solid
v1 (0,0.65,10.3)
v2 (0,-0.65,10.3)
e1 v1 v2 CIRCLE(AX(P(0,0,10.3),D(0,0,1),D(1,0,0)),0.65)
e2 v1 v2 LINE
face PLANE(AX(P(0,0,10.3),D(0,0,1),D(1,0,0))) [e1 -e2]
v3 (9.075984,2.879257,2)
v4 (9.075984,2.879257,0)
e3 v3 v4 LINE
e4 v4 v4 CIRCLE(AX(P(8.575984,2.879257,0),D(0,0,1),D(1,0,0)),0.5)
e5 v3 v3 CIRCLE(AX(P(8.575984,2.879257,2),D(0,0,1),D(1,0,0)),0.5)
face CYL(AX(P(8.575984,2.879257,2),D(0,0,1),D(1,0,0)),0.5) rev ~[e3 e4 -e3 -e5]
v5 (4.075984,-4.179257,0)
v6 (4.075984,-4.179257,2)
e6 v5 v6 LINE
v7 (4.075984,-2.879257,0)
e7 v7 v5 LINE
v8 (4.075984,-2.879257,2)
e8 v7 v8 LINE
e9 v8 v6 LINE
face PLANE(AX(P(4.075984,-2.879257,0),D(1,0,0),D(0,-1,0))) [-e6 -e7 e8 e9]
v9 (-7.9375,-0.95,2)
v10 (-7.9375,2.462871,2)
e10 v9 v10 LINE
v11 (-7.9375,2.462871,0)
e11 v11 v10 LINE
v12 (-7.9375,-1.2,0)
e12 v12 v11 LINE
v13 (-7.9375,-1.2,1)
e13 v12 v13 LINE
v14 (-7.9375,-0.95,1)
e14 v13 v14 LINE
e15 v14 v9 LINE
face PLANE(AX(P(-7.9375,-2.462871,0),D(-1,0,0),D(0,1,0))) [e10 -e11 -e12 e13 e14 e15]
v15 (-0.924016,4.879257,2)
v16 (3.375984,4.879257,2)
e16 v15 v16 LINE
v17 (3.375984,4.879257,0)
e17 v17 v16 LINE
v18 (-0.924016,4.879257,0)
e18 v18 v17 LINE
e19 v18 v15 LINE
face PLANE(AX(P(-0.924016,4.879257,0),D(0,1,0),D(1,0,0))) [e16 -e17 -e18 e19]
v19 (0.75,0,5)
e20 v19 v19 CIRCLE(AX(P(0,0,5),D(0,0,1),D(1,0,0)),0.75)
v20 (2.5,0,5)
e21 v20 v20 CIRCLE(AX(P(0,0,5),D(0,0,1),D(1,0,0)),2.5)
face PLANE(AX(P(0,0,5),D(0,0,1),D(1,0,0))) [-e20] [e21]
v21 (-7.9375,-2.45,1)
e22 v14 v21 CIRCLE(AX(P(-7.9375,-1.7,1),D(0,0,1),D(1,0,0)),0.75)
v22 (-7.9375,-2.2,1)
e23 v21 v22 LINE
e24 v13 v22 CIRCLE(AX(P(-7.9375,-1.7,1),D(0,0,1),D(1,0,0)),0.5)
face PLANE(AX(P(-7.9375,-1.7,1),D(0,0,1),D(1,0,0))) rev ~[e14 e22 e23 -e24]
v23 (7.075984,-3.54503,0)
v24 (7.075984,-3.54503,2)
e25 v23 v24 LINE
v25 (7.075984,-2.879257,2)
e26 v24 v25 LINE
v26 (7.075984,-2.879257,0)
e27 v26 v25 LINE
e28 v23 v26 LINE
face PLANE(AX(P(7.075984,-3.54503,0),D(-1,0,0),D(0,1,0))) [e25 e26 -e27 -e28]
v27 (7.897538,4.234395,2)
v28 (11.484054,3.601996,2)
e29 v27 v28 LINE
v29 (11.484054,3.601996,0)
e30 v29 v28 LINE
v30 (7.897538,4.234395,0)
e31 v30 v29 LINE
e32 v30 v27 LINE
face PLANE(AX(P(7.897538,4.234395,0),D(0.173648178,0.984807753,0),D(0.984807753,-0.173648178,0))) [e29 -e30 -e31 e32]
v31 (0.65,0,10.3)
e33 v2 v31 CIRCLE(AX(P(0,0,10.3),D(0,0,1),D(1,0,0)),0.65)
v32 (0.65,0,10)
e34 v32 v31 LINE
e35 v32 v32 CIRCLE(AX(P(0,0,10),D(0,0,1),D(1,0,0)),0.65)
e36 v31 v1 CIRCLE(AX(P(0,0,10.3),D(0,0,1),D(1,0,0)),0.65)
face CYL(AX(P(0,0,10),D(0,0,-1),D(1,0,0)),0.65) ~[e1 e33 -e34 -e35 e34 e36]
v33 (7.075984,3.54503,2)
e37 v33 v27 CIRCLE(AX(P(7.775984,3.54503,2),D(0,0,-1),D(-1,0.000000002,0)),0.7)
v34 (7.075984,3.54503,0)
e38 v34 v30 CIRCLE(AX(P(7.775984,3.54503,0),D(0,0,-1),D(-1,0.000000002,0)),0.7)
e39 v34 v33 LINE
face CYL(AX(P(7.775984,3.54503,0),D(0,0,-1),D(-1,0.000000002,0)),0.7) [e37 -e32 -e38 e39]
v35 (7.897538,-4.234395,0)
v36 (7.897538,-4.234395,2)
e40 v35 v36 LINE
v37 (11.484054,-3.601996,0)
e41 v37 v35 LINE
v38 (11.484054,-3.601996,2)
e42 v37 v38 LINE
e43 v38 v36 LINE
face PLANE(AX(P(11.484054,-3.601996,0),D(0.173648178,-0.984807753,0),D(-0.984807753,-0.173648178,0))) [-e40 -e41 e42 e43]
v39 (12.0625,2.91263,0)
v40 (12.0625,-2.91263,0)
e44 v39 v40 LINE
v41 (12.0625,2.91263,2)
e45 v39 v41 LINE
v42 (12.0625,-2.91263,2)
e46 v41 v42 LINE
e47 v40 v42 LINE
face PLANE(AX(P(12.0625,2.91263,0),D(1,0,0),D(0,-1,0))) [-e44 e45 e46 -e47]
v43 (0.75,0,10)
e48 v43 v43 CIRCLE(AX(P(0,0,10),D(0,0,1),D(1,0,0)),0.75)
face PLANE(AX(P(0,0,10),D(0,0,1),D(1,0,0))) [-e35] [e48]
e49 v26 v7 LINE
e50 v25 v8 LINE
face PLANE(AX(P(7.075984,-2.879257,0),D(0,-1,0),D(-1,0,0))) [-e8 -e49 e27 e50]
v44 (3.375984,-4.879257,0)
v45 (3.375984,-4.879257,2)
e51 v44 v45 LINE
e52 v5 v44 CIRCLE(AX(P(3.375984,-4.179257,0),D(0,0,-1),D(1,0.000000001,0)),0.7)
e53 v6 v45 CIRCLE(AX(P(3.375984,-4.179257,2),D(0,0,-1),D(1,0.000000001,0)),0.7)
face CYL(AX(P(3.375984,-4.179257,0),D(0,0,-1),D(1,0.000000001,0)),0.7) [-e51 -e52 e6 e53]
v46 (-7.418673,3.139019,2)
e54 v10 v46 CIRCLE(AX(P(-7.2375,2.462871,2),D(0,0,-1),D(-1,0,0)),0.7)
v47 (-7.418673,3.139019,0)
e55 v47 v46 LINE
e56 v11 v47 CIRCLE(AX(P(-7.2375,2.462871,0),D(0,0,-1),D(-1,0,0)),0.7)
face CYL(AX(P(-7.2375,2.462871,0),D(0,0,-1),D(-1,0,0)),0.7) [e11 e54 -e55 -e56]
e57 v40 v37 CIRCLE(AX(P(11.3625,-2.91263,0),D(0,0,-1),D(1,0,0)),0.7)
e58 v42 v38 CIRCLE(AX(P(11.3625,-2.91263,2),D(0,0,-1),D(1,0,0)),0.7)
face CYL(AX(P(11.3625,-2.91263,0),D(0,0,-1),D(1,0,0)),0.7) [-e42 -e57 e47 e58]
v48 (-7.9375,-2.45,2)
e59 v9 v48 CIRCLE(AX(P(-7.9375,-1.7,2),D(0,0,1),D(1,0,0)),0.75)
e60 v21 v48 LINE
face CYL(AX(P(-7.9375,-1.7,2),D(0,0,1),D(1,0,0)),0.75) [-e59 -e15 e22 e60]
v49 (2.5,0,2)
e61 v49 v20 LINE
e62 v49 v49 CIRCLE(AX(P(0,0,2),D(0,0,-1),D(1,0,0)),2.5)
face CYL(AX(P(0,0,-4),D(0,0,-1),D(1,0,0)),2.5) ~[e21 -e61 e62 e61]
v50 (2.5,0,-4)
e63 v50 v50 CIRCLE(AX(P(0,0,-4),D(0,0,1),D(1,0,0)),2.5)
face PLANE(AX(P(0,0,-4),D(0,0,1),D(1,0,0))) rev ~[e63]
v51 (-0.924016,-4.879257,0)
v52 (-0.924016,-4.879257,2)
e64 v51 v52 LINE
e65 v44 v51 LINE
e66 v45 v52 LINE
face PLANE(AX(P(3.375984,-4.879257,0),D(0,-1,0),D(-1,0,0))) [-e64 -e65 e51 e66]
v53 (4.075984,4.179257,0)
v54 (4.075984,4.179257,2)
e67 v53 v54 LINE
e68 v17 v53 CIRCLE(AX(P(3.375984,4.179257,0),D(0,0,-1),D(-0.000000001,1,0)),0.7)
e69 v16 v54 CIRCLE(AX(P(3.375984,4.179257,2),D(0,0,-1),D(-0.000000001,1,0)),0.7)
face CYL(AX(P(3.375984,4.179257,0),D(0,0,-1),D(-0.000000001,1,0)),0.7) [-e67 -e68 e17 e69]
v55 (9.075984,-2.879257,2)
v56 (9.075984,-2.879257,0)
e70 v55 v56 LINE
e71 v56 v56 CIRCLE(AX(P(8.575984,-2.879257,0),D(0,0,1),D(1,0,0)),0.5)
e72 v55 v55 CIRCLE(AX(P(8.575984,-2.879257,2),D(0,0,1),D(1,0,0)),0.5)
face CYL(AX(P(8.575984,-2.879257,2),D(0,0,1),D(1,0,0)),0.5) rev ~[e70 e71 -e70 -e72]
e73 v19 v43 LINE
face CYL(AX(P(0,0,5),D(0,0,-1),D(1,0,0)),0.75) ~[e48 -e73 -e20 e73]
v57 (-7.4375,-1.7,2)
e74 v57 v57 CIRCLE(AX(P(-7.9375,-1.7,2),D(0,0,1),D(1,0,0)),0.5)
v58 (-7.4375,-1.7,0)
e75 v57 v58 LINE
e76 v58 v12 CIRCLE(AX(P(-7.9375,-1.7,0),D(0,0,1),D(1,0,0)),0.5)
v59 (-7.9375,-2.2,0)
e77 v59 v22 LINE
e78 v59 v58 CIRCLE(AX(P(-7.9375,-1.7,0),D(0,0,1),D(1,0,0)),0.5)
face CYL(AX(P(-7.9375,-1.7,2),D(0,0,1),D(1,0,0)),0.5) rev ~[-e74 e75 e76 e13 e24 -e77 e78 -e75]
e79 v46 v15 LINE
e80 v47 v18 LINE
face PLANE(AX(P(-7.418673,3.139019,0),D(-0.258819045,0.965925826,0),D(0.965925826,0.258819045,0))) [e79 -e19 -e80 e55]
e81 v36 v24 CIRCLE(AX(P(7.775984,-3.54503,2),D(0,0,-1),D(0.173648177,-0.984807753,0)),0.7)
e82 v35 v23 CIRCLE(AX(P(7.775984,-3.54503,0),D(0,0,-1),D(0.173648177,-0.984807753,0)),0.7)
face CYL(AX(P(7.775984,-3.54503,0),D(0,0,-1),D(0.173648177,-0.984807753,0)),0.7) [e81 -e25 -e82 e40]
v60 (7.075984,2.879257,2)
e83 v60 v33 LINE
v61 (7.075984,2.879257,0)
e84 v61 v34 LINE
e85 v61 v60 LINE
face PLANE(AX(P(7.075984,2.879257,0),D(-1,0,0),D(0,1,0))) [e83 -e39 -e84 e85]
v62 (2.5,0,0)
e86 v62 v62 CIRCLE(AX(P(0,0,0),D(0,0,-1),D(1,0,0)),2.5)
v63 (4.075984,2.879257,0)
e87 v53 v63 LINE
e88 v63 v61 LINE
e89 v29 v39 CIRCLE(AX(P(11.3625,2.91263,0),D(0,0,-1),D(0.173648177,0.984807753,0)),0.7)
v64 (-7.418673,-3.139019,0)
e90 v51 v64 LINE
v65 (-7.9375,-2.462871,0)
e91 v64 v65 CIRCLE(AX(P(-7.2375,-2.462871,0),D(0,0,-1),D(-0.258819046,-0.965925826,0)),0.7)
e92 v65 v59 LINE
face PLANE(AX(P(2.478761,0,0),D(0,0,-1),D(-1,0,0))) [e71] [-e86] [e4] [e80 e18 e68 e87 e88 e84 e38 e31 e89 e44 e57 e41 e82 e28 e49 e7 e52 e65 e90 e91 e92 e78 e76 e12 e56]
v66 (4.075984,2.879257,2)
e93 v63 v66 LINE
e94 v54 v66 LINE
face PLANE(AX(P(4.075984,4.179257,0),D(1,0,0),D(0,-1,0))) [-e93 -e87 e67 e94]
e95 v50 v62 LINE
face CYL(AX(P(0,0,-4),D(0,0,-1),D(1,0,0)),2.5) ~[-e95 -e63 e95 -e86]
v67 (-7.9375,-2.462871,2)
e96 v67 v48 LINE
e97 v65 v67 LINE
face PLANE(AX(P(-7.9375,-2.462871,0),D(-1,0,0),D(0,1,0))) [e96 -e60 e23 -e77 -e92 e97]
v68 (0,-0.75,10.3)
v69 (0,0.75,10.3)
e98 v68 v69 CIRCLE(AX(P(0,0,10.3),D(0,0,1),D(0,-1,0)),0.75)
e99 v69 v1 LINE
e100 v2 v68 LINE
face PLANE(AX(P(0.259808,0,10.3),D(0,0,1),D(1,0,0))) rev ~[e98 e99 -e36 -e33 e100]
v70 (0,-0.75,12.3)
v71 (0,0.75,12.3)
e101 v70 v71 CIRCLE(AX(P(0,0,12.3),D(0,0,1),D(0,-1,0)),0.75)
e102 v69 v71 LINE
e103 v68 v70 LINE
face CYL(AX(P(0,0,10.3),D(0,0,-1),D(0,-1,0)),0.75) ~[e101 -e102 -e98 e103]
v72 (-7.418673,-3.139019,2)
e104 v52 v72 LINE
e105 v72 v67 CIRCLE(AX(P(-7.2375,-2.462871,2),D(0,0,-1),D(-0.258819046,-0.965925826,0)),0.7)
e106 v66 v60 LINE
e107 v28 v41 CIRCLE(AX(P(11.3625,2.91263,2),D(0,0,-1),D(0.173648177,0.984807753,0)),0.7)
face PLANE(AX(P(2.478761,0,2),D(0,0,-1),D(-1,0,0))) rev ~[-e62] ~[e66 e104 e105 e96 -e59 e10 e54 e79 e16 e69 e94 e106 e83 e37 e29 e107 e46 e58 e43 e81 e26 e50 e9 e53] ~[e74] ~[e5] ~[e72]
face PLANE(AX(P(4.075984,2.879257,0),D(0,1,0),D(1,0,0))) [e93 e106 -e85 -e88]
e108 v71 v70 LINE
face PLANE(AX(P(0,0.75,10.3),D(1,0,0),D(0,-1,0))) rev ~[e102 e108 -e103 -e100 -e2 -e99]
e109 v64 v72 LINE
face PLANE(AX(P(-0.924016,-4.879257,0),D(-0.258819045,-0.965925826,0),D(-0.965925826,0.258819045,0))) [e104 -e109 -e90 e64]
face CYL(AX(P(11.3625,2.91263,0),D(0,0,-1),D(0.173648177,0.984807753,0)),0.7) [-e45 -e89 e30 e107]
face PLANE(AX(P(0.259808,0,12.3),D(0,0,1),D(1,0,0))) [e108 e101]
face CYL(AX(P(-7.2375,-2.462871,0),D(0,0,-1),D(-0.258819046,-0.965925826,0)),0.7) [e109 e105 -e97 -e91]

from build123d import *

# Parameters (mm, degrees)
BOSS_EXTRUDE1_DEPTH      = 2
SKETCH3_R                = 0.5
CUT_EXTRUDE1_DEPTH       = 2
SKETCH4_R                = 0.75
BOSS_EXTRUDE2_DEPTH      = 1
SKETCH5_R                = 0.5
CUT_EXTRUDE2_DEPTH       = 2
BOSS_EXTRUDE3_DEPTH      = 3
BOSS_EXTRUDE3_DEPTH_BACK = 6
SKETCH6_R                = 2.5
SKETCH7_R                = 0.75
BOSS_EXTRUDE4_DEPTH      = 5
SKETCH9_R                = 0.65
BOSS_EXTRUDE5_DEPTH      = 0.3
BOSS_EXTRUDE6_DEPTH      = 2


with BuildPart() as part:
    # Sketch2 → Boss-Extrude1 (new body)
    with BuildSketch(Plane.XY):
        with BuildLine():
            Line((-7.9375, -2.462871108), (-7.9375, 2.462871108))
            ThreePointArc((-7.9375, 2.462871108), (-7.792847338, 2.889004109), (-7.418673332, 3.139019187))
            Line((-7.418673332, 3.139019187), (-0.924016143, 4.879257336))
            Line((-0.924016143, 4.879257336), (3.375983857, 4.879257336))
            ThreePointArc((3.375983857, 4.879257336), (3.870958604, 4.674232083), (4.075983857, 4.179257336))
            Line((4.075983857, 4.179257336), (4.075983857, 2.879257336))
            Line((4.075983857, 2.879257336), (7.075983857, 2.879257336))
            Line((7.075983857, 2.879257336), (7.075983857, 3.545029821))
            ThreePointArc((7.075983857, 3.545029821), (7.326032531, 4.081260931), (7.897537582, 4.234395248))
            Line((7.897537582, 4.234395248), (11.484053724, 3.601995685))
            ThreePointArc((11.484053724, 3.601995685), (11.89873111, 3.362581585), (12.0625, 2.912630258))
            Line((12.0625, 2.912630258), (12.0625, -2.912630258))
            ThreePointArc((12.0625, -2.912630258), (11.89873111, -3.362581585), (11.484053724, -3.601995685))
            Line((11.484053724, -3.601995685), (7.897537582, -4.234395248))
            ThreePointArc((7.897537582, -4.234395248), (7.326032531, -4.081260931), (7.075983857, -3.545029821))
            Line((7.075983857, -3.545029821), (7.075983857, -2.879257336))
            Line((7.075983857, -2.879257336), (4.075983857, -2.879257336))
            Line((4.075983857, -2.879257336), (4.075983857, -4.179257336))
            ThreePointArc((4.075983857, -4.179257336), (3.870958604, -4.674232083), (3.375983857, -4.879257336))
            Line((3.375983857, -4.879257336), (-0.924016143, -4.879257336))
            Line((-0.924016143, -4.879257336), (-7.418673332, -3.139019187))
            ThreePointArc((-7.418673332, -3.139019187), (-7.792847338, -2.889004109), (-7.9375, -2.462871108))
        make_face()
    extrude(amount=BOSS_EXTRUDE1_DEPTH)

    # Sketch3 → Cut-Extrude1 (cut)
    with BuildSketch(Plane.XY.offset(2)):
        with Locations((8.575983857, 2.879257336)):
            Circle(SKETCH3_R)
        with Locations((8.575983857, -2.879257336)):
            Circle(SKETCH3_R)
    extrude(amount=-CUT_EXTRUDE1_DEPTH, mode=Mode.SUBTRACT)

    # Sketch4 → Boss-Extrude2 (add)
    with BuildSketch(Plane.XY.offset(2)):
        with Locations((-7.9375, -1.7)):
            Circle(SKETCH4_R)
    extrude(amount=-BOSS_EXTRUDE2_DEPTH)

    # Sketch5 → Cut-Extrude2 (cut)
    with BuildSketch(Plane.XY.offset(2)):
        with Locations((-7.9375, -1.7)):
            Circle(SKETCH5_R)
    extrude(amount=-CUT_EXTRUDE2_DEPTH, mode=Mode.SUBTRACT)

    # Sketch6 → Boss-Extrude3 (add, two sides: drawn at the far end of the back side and taken through both)
    with BuildSketch(Plane.XY.offset(2).offset(-BOSS_EXTRUDE3_DEPTH_BACK)):
        Circle(SKETCH6_R)
    extrude(amount=BOSS_EXTRUDE3_DEPTH + BOSS_EXTRUDE3_DEPTH_BACK)

    # Sketch7 → Boss-Extrude4 (add)
    with BuildSketch(Plane.XY.offset(5)):
        Circle(SKETCH7_R)
    extrude(amount=BOSS_EXTRUDE4_DEPTH)

    # Sketch9 → Boss-Extrude5 (add)
    with BuildSketch(Plane.XY.offset(10)):
        Circle(SKETCH9_R)
    extrude(amount=BOSS_EXTRUDE5_DEPTH)

    # Sketch10 → Boss-Extrude6 (add)
    with BuildSketch(Plane.XY.offset(10.3)):
        with BuildLine():
            Line((0, 0.75), (0, -0.75))
            ThreePointArc((0, -0.75), (0.75, 0), (0, 0.75))
        make_face()
    extrude(amount=BOSS_EXTRUDE6_DEPTH)


solid = part.part
